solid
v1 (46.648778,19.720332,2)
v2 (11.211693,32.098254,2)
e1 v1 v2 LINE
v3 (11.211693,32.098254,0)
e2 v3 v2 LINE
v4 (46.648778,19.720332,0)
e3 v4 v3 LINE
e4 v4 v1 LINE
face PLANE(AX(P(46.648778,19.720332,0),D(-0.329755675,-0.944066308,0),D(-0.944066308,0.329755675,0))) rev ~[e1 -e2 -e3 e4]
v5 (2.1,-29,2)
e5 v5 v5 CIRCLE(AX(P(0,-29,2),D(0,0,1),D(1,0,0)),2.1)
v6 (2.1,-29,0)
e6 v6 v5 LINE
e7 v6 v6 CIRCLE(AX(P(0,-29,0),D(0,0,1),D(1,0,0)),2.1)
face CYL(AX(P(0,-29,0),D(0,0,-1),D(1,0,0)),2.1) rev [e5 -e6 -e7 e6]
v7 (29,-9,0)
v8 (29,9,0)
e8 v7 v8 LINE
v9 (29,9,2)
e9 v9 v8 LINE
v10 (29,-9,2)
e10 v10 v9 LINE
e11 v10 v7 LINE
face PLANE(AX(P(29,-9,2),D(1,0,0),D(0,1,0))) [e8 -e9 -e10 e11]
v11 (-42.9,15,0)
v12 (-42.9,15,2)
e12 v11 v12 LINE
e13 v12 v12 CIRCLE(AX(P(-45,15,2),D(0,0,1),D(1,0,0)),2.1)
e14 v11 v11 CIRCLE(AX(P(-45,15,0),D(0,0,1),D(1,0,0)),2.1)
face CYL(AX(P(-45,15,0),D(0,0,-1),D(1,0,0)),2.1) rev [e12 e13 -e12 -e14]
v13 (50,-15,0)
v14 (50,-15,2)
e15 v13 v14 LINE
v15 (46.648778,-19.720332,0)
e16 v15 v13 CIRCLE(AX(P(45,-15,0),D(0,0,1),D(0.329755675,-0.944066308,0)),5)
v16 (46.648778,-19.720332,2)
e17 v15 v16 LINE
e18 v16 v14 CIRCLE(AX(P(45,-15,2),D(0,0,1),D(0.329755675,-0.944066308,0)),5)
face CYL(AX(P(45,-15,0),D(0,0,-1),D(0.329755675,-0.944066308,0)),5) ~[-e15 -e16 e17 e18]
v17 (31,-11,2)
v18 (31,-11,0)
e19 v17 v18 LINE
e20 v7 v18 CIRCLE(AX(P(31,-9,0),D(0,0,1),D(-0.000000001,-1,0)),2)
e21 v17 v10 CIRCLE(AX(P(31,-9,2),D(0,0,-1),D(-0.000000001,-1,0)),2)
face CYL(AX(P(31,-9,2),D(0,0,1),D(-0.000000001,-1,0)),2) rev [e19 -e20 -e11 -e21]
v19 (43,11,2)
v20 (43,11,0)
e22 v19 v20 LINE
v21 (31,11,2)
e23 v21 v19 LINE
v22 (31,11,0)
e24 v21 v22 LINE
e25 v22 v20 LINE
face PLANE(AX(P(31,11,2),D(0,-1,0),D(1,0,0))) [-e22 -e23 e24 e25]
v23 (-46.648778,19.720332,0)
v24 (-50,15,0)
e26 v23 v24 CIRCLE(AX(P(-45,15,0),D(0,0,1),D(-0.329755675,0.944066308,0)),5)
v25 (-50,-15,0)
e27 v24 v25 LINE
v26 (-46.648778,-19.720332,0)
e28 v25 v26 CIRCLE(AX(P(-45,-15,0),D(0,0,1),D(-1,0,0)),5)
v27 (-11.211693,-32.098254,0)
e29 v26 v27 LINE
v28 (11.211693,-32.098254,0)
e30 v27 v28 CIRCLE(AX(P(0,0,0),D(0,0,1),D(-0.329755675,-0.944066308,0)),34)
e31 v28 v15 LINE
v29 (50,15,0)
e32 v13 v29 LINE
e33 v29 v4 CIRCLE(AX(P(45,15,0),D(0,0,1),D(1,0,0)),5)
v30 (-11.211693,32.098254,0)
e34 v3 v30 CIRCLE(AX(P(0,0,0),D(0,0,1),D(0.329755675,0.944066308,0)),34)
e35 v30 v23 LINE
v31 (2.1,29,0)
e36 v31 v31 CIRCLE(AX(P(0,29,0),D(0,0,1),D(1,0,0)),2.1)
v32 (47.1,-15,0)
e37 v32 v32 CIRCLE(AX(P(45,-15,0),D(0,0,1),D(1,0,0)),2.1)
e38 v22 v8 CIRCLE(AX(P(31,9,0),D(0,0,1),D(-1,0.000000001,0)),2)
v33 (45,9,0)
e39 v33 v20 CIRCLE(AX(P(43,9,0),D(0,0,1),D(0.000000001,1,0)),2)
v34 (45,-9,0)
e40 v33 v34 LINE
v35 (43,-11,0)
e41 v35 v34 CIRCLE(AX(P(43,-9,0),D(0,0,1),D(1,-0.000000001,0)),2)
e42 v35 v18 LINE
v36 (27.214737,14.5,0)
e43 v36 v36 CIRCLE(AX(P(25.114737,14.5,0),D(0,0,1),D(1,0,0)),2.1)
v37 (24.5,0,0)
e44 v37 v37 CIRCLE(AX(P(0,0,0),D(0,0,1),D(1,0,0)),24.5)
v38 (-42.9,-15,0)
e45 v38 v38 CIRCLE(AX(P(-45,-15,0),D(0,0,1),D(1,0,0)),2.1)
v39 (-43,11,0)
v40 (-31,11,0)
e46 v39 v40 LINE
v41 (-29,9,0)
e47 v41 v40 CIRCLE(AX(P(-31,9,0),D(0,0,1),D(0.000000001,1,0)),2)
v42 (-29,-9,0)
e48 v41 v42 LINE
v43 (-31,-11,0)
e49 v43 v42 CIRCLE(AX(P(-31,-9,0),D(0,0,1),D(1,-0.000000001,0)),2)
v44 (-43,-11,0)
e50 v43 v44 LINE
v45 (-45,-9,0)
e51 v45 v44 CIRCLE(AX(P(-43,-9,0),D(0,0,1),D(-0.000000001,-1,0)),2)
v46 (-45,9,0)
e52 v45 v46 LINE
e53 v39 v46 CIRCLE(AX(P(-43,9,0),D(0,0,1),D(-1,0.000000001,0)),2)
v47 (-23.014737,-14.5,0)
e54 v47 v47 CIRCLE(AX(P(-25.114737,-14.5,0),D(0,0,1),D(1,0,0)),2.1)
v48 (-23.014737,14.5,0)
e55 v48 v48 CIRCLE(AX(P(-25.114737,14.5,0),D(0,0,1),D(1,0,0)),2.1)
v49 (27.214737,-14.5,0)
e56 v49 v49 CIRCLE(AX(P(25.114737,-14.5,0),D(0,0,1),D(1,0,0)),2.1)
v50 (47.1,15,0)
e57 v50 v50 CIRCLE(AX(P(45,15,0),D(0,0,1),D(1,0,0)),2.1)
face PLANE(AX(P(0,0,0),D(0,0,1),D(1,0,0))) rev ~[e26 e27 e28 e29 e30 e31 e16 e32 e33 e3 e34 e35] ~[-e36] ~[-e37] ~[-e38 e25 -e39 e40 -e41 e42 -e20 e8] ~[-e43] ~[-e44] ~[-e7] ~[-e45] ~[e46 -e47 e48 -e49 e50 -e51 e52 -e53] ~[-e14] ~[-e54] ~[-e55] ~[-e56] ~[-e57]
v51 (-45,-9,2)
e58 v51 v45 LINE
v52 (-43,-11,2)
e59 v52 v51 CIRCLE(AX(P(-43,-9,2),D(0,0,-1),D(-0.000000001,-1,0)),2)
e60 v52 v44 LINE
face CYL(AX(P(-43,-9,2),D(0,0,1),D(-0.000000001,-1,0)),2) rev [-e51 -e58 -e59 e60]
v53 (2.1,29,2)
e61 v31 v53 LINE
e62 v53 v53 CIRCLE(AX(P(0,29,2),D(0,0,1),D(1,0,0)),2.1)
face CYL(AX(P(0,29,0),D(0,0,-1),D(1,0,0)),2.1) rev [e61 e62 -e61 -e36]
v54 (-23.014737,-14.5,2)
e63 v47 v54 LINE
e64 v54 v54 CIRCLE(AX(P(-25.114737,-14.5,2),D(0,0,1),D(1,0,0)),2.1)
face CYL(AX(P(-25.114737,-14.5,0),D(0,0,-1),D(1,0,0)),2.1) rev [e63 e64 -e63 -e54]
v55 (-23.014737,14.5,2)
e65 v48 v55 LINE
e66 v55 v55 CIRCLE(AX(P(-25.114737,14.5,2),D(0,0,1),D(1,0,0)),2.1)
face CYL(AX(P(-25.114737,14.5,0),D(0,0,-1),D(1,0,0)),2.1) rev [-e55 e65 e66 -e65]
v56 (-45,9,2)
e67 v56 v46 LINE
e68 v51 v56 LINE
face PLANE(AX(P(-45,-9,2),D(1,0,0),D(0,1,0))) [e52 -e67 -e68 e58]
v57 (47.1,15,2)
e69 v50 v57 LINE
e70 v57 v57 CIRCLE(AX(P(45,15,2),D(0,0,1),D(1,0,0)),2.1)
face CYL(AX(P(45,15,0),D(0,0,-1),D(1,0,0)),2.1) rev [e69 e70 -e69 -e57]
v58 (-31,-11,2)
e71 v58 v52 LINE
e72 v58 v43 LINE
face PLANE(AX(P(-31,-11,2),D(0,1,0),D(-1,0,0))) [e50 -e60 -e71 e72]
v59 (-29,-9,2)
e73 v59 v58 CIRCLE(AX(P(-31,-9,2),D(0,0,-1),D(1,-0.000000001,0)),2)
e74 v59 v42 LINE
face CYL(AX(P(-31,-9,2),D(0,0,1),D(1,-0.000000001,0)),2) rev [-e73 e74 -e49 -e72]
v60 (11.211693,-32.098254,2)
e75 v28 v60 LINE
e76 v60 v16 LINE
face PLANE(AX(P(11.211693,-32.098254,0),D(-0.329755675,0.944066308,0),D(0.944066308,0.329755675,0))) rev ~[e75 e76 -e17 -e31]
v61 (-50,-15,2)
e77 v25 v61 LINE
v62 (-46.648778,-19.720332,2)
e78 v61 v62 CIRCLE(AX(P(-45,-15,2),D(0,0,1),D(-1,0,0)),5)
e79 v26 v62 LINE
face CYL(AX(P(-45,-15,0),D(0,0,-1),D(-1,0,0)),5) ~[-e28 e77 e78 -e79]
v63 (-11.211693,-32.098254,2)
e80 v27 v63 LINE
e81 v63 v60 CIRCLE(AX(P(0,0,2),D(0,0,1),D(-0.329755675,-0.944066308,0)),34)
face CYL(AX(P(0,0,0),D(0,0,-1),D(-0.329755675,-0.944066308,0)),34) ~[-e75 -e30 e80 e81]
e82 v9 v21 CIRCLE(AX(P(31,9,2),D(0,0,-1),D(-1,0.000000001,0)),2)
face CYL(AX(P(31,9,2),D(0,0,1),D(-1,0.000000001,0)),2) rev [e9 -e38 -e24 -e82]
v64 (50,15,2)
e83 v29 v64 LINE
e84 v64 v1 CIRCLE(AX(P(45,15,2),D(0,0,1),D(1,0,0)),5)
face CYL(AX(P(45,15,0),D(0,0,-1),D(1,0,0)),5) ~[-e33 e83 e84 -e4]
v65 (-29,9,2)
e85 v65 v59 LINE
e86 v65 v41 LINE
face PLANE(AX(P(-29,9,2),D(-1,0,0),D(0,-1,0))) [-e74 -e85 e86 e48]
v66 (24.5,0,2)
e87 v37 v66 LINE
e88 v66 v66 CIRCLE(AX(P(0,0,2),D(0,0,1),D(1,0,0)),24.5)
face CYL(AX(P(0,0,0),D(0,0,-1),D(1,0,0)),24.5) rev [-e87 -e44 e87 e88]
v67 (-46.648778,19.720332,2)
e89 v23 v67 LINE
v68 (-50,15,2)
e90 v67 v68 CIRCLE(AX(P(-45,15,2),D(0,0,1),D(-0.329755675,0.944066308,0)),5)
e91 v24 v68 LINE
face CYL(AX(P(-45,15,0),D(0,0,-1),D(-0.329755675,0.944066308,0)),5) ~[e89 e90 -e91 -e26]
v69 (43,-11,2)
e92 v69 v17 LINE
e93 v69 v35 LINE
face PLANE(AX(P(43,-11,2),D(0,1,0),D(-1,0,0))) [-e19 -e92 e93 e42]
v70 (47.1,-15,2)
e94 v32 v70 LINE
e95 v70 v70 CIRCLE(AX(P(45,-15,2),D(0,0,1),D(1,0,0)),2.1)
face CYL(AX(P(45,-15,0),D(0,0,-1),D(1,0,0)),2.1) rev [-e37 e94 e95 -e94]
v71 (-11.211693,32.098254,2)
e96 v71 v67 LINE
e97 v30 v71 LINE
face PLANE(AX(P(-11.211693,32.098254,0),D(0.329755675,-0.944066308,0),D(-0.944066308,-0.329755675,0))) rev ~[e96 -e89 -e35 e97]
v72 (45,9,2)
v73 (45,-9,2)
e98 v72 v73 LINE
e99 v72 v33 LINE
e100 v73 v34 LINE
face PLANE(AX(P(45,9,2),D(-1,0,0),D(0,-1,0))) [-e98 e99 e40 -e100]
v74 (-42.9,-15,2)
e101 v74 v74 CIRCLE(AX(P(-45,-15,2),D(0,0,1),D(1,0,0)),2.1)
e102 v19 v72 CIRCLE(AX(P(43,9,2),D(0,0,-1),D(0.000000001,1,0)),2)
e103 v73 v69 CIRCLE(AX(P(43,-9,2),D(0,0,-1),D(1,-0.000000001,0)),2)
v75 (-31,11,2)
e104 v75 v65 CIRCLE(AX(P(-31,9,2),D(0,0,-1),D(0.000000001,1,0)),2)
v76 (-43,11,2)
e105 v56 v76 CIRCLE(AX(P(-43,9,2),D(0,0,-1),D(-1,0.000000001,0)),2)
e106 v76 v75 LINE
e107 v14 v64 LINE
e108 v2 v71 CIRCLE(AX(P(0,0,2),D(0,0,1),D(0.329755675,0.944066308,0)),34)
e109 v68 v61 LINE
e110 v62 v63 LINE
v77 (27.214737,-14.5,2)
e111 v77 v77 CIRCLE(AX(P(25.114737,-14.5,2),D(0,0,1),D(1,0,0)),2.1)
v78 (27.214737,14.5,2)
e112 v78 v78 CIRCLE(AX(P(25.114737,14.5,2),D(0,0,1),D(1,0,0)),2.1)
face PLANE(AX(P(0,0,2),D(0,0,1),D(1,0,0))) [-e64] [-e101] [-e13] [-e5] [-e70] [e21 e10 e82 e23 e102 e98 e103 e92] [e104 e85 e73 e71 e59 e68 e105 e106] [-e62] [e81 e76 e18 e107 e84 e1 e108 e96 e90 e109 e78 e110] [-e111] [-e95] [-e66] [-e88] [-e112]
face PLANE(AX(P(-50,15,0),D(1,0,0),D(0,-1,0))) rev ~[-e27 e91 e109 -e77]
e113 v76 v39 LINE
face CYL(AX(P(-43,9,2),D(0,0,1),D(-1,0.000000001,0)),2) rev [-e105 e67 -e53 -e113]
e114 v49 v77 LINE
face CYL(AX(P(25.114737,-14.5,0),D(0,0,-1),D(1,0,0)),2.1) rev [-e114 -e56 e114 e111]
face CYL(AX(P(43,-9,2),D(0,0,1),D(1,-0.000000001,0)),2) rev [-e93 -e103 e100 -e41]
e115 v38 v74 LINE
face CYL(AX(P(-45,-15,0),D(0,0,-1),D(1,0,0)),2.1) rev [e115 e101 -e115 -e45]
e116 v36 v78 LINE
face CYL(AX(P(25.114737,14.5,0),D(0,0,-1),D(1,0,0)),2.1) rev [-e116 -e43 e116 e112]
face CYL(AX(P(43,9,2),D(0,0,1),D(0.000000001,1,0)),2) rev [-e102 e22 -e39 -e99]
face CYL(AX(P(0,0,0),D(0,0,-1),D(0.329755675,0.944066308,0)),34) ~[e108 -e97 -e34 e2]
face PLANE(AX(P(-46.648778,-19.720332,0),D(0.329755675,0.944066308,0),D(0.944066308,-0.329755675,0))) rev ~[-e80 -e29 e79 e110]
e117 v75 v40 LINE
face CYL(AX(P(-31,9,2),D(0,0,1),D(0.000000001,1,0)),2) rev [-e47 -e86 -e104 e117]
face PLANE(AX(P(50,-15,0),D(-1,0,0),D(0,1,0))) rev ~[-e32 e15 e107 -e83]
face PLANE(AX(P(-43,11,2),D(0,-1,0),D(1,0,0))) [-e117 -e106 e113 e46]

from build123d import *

# Parameters (mm, degrees)
SKETCH_1_R          = 24.5
SKETCH_1_R_2        = 2.1
EXTRUDE_1_DEPTH     = 2
CUT_EXTRUDE_1_DEPTH = 10


with BuildPart() as part:
    # 草图1 → 凸台-拉伸1 (new body)
    with BuildSketch(Plane.XY):
        with BuildLine():
            Line((-50, 15), (-50, -15))
            ThreePointArc((-50, -15), (-49.077002077, -17.894486839), (-46.648778375, -19.720331542))
            Line((-46.648778375, -19.720331542), (-11.211692948, -32.098254489))
            ThreePointArc((-11.211692948, -32.098254489), (0, -34), (11.211692948, -32.098254489))
            Line((11.211692948, -32.098254489), (46.648778375, -19.720331542))
            ThreePointArc((46.648778375, -19.720331542), (49.077002077, -17.894486839), (50, -15))
            Line((50, -15), (50, 15))
            ThreePointArc((50, 15), (49.077002077, 17.894486839), (46.648778375, 19.720331542))
            Line((46.648778375, 19.720331542), (11.211692948, 32.098254489))
            ThreePointArc((11.211692948, 32.098254489), (0, 34), (-11.211692948, 32.098254489))
            Line((-11.211692948, 32.098254489), (-46.648778375, 19.720331542))
            ThreePointArc((-46.648778375, 19.720331542), (-49.077002077, 17.894486839), (-50, 15))
        make_face()
        Circle(SKETCH_1_R, mode=Mode.SUBTRACT)
        with Locations((0, 29)):
            Circle(SKETCH_1_R_2, mode=Mode.SUBTRACT)
        with Locations((25.11473671, 14.5)):
            Circle(SKETCH_1_R_2, mode=Mode.SUBTRACT)
        with Locations((25.11473671, -14.5)):
            Circle(SKETCH_1_R_2, mode=Mode.SUBTRACT)
        with Locations((0, -29)):
            Circle(SKETCH_1_R_2, mode=Mode.SUBTRACT)
        with Locations((-25.11473671, -14.5)):
            Circle(SKETCH_1_R_2, mode=Mode.SUBTRACT)
        with Locations((-25.11473671, 14.5)):
            Circle(SKETCH_1_R_2, mode=Mode.SUBTRACT)
        with Locations((-45, 15)):
            Circle(SKETCH_1_R_2, mode=Mode.SUBTRACT)
        with Locations((-45, -15)):
            Circle(SKETCH_1_R_2, mode=Mode.SUBTRACT)
        with Locations((45, -15)):
            Circle(SKETCH_1_R_2, mode=Mode.SUBTRACT)
        with Locations((45, 15)):
            Circle(SKETCH_1_R_2, mode=Mode.SUBTRACT)
    extrude(amount=EXTRUDE_1_DEPTH)

    # 草图2 → 切除-拉伸1 (cut)
    with BuildSketch(Plane.XY.offset(2)):
        with BuildLine():
            Line((-43, 11), (-31, 11))
            ThreePointArc((-31, 11), (-29.585786438, 10.414213562), (-29, 9))
            Line((-29, 9), (-29, -9))
            ThreePointArc((-29, -9), (-29.585786438, -10.414213562), (-31, -11))
            Line((-31, -11), (-43, -11))
            ThreePointArc((-43, -11), (-44.414213562, -10.414213562), (-45, -9))
            Line((-45, -9), (-45, 9))
            ThreePointArc((-45, 9), (-44.414213562, 10.414213562), (-43, 11))
        make_face()
        with BuildLine():
            Line((31, 11), (43, 11))
            ThreePointArc((43, 11), (44.414213562, 10.414213562), (45, 9))
            Line((45, 9), (45, -9))
            ThreePointArc((45, -9), (44.414213562, -10.414213562), (43, -11))
            Line((43, -11), (31, -11))
            ThreePointArc((31, -11), (29.585786438, -10.414213562), (29, -9))
            Line((29, -9), (29, 9))
            ThreePointArc((29, 9), (29.585786438, 10.414213562), (31, 11))
        make_face()
    extrude(amount=-CUT_EXTRUDE_1_DEPTH, mode=Mode.SUBTRACT)


solid = part.part
